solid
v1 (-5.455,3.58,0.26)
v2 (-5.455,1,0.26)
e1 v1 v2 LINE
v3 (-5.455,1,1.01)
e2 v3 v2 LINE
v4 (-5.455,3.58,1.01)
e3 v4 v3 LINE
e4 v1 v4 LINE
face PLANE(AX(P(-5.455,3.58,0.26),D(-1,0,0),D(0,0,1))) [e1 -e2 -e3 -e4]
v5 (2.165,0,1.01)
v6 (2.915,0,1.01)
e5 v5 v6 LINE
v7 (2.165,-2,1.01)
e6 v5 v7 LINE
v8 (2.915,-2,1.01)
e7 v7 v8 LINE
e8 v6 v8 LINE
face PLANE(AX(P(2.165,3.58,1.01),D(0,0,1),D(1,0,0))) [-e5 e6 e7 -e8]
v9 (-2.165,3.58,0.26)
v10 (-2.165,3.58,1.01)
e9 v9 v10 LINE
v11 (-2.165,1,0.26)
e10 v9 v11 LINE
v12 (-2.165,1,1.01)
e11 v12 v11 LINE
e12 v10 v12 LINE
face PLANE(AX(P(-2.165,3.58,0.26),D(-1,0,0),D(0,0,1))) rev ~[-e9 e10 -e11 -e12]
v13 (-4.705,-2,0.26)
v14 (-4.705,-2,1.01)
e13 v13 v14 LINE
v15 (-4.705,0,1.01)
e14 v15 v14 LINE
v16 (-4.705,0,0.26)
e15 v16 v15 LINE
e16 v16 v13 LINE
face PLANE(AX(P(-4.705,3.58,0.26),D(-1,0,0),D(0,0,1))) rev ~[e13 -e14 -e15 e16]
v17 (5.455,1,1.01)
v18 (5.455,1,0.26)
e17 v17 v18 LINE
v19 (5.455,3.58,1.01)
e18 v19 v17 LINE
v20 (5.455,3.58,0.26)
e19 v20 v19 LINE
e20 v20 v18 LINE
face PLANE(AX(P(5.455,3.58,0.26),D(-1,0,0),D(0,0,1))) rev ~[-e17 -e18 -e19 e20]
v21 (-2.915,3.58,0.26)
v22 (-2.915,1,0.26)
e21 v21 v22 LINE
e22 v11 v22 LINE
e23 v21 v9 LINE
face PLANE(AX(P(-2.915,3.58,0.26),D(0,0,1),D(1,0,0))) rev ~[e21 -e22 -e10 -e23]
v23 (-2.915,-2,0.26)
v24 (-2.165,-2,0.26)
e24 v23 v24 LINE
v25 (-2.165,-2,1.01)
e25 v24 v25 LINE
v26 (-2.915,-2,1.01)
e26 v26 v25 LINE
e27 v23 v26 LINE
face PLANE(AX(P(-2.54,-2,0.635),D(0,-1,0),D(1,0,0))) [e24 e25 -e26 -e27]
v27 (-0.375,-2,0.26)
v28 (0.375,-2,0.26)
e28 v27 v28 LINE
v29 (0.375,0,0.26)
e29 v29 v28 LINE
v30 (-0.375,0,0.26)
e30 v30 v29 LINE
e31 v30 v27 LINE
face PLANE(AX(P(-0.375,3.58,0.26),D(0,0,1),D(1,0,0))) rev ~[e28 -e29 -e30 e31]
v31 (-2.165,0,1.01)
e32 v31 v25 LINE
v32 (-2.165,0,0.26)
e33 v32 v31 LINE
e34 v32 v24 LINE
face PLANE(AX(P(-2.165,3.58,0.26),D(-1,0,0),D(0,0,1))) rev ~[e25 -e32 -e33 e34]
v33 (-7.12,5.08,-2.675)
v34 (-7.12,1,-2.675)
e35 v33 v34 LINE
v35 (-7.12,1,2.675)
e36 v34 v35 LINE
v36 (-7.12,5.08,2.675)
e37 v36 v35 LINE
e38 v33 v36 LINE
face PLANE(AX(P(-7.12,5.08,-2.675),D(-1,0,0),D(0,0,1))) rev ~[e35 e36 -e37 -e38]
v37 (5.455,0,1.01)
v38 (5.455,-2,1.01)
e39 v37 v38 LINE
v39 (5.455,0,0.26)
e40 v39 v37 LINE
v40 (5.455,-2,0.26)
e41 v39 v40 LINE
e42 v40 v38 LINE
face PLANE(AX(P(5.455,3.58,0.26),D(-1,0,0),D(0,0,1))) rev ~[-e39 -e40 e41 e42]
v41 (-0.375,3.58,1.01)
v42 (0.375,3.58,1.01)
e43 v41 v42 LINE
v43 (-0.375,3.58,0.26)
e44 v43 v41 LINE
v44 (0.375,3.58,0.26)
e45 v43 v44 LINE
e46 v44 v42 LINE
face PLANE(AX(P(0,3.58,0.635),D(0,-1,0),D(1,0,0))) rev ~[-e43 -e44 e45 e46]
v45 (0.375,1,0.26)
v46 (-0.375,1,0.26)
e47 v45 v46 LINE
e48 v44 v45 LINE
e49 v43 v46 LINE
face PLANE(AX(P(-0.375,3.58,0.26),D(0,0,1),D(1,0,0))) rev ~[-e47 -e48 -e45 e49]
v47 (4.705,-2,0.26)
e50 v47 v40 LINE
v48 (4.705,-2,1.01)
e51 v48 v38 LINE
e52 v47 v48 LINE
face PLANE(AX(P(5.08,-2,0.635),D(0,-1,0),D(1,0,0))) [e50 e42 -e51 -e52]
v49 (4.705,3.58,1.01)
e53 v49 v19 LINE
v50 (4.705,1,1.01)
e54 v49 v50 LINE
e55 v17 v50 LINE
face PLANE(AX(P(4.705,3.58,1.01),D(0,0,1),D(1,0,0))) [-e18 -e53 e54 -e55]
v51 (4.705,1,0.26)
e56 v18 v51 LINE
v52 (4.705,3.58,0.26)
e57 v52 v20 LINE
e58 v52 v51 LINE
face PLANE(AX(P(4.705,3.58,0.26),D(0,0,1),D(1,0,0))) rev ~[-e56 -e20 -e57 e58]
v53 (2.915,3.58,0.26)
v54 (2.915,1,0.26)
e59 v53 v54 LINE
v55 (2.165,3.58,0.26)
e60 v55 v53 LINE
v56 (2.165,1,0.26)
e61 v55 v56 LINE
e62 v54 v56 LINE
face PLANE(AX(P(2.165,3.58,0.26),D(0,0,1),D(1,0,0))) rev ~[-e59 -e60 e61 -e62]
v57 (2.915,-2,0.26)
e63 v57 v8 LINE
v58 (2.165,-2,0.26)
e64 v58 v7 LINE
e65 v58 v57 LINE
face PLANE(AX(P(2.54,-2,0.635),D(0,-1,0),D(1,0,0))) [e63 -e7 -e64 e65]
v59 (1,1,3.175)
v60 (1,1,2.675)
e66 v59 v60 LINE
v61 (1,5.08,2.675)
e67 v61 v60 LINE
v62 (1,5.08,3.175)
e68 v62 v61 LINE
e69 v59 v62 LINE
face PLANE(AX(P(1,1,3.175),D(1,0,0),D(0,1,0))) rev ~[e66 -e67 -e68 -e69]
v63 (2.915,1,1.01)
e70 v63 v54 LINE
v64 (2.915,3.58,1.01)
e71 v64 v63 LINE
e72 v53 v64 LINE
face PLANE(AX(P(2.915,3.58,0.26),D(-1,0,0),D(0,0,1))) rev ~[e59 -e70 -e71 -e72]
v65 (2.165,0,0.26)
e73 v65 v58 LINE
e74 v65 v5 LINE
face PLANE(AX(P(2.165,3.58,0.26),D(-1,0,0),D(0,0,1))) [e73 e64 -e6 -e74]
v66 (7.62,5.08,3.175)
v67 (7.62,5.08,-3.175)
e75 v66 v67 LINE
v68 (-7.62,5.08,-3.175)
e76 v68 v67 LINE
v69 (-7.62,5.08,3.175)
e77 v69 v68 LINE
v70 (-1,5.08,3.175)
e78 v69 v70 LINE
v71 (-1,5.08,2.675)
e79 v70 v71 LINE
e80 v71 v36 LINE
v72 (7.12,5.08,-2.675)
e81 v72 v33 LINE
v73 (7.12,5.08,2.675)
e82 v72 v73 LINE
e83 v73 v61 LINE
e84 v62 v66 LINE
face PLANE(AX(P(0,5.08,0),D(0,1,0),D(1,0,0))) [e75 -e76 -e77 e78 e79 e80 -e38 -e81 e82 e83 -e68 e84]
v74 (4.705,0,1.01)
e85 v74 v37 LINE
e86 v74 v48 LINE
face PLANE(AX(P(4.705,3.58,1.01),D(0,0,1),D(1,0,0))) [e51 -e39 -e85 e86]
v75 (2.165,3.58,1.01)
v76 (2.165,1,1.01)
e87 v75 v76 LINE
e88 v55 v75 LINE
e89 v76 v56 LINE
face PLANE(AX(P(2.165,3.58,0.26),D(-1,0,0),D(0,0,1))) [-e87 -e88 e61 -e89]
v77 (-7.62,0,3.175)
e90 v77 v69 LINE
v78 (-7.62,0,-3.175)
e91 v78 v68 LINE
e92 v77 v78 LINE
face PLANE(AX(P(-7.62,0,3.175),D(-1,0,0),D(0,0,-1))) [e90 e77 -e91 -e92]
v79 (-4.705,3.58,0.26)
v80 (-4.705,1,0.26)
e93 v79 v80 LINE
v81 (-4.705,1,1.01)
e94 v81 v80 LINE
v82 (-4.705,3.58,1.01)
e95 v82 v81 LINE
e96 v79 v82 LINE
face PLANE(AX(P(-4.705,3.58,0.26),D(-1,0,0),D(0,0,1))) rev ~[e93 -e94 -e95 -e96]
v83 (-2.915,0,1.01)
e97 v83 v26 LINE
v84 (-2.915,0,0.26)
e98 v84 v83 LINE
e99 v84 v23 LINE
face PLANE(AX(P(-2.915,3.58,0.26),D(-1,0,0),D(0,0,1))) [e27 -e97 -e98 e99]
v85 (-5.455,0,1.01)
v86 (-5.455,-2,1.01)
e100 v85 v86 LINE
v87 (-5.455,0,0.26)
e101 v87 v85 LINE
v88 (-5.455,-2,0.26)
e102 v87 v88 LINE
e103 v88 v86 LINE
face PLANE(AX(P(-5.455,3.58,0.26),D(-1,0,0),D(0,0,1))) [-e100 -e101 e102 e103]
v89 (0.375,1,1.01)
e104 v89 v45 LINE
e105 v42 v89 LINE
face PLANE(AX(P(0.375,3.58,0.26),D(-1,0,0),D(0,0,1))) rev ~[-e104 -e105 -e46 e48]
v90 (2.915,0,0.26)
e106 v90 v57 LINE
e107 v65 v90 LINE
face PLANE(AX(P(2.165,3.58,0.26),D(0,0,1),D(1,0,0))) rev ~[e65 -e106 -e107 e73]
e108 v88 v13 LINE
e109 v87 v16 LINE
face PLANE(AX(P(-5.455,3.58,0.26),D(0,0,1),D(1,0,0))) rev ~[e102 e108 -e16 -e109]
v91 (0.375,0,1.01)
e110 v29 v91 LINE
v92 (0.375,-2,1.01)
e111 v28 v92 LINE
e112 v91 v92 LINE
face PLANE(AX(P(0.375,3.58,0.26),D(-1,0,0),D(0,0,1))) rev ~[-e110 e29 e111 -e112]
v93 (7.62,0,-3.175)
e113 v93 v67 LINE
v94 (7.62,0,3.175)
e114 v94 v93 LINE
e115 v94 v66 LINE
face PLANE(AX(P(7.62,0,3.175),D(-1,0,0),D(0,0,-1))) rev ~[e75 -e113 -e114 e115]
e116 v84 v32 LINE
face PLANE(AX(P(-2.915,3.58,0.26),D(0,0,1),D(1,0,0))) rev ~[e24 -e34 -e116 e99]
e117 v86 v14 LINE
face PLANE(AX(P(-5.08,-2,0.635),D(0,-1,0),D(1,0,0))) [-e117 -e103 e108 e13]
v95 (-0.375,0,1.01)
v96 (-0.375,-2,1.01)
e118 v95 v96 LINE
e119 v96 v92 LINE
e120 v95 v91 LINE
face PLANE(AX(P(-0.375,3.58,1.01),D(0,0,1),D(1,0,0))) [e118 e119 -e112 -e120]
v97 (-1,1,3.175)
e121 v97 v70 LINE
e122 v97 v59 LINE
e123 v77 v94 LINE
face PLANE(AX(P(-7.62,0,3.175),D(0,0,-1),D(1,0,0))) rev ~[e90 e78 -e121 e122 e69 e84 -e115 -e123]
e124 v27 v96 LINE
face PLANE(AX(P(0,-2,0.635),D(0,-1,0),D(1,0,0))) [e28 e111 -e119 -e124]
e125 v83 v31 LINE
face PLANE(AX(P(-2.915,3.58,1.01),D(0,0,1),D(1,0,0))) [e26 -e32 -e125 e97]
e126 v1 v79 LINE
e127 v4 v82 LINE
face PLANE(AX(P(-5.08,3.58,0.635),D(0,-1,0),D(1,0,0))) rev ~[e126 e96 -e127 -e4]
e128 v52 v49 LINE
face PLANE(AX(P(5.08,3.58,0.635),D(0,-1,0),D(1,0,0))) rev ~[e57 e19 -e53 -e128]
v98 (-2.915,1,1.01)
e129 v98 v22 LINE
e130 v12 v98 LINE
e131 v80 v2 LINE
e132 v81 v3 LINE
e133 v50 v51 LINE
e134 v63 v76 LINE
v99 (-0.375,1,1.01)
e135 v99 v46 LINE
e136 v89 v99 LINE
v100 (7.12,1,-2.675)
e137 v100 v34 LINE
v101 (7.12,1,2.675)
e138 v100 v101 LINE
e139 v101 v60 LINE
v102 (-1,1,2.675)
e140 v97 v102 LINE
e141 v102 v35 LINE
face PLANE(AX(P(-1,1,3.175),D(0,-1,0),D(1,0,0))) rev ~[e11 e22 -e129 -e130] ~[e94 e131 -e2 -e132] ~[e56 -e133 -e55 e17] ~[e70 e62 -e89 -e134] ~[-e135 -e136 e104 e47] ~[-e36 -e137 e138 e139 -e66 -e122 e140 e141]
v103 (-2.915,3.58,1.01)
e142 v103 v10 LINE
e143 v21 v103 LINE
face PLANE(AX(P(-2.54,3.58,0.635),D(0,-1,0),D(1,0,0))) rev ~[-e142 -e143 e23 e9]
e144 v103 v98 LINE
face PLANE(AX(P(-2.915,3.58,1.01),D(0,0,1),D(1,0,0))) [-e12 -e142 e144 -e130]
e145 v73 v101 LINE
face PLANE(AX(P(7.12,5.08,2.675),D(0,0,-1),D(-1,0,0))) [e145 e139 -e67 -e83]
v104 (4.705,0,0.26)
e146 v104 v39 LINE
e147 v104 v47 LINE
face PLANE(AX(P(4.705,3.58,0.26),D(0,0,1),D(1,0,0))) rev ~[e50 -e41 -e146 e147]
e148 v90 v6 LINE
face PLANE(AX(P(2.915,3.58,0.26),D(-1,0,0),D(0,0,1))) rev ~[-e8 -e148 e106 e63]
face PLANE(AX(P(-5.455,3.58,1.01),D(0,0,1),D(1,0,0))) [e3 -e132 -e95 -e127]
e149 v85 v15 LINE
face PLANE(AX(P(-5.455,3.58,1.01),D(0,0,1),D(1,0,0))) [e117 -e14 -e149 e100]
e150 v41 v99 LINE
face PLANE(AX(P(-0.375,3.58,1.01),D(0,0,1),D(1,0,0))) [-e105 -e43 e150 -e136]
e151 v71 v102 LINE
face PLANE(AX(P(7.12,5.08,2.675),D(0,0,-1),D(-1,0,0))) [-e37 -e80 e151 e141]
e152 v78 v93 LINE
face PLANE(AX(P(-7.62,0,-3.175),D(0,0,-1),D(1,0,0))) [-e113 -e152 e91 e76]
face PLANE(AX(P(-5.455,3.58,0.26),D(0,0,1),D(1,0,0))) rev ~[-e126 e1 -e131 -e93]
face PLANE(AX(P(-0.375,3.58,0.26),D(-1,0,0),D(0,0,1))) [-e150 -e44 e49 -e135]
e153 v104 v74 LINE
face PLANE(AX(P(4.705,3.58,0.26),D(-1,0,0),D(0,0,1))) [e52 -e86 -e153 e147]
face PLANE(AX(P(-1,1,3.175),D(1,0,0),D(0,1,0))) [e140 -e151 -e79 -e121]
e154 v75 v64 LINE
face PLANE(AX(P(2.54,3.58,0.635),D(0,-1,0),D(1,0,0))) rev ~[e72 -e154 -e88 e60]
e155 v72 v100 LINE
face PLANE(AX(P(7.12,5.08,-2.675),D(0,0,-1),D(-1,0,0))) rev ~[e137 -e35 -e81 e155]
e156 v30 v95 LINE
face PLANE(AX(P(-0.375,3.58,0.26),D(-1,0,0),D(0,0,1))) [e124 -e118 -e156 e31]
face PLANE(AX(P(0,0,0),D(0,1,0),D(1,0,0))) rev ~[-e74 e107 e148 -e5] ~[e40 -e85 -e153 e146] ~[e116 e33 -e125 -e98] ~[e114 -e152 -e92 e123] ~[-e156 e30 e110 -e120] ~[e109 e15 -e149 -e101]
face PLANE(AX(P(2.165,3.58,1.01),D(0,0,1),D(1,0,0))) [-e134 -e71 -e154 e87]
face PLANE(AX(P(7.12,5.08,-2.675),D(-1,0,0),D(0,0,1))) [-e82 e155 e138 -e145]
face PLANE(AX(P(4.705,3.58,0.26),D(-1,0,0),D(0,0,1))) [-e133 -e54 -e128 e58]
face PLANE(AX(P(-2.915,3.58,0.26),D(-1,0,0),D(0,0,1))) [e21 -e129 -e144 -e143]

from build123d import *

# Parameters (mm, degrees)
SKETCH_1_W           = 15.24
SKETCH_1_H           = 6.35
EXTRUDE_1_DEPTH      = 5.08
SKETCH_2_W           = 14.24
SKETCH_2_H           = 5.35
CUT_EXTRUDE_1_DEPTH  = 4.08
SKETCH_3_W           = 2
SKETCH_3_H           = 4.08
CUT_EXTRUDE_2_DEPTH  = 1
EXTRUDE_2_DEPTH      = 2
EXTRUDE_2_DEPTH_BACK = 3.58
SKETCH_4_W           = 0.75
SKETCH_4_H           = 0.75


with BuildPart() as part:
    # 草图1 → 拉伸1 (new body)
    with BuildSketch(Plane(origin=(0, 0, 0), x_dir=(1, 0, 0), z_dir=(0, 1, 0))):
        Rectangle(SKETCH_1_W, SKETCH_1_H)
    extrude(amount=EXTRUDE_1_DEPTH)

    # 草图2 → 切除-拉伸1 (cut)
    with BuildSketch(Plane(origin=(0, 5.08, 0), x_dir=(-1, 0, 0), z_dir=(0, 1, 0))):
        Rectangle(SKETCH_2_W, SKETCH_2_H)
    extrude(amount=-CUT_EXTRUDE_1_DEPTH, mode=Mode.SUBTRACT)

    # 草图3 → 切除-拉伸2 (cut)
    with BuildSketch(Plane.XY.offset(3.175)):
        with Locations((0, 3.04)):
            Rectangle(SKETCH_3_W, SKETCH_3_H)
    extrude(amount=-CUT_EXTRUDE_2_DEPTH, mode=Mode.SUBTRACT)

    # 草图4 → 拉伸2 (add, two sides: drawn at the far end of the back side and taken through both)
    with BuildSketch(Plane.XZ.offset(-EXTRUDE_2_DEPTH_BACK)):
        with Locations((-2.54, 0.635)):
            Rectangle(SKETCH_4_W, SKETCH_4_H)
        with Locations((0, 0.635)):
            Rectangle(SKETCH_4_W, SKETCH_4_H)
        with Locations((2.54, 0.635)):
            Rectangle(SKETCH_4_W, SKETCH_4_H)
        with Locations((-5.08, 0.635)):
            Rectangle(SKETCH_4_W, SKETCH_4_H)
        with Locations((5.08, 0.635)):
            Rectangle(SKETCH_4_W, SKETCH_4_H)
    extrude(amount=EXTRUDE_2_DEPTH + EXTRUDE_2_DEPTH_BACK)


solid = part.part
